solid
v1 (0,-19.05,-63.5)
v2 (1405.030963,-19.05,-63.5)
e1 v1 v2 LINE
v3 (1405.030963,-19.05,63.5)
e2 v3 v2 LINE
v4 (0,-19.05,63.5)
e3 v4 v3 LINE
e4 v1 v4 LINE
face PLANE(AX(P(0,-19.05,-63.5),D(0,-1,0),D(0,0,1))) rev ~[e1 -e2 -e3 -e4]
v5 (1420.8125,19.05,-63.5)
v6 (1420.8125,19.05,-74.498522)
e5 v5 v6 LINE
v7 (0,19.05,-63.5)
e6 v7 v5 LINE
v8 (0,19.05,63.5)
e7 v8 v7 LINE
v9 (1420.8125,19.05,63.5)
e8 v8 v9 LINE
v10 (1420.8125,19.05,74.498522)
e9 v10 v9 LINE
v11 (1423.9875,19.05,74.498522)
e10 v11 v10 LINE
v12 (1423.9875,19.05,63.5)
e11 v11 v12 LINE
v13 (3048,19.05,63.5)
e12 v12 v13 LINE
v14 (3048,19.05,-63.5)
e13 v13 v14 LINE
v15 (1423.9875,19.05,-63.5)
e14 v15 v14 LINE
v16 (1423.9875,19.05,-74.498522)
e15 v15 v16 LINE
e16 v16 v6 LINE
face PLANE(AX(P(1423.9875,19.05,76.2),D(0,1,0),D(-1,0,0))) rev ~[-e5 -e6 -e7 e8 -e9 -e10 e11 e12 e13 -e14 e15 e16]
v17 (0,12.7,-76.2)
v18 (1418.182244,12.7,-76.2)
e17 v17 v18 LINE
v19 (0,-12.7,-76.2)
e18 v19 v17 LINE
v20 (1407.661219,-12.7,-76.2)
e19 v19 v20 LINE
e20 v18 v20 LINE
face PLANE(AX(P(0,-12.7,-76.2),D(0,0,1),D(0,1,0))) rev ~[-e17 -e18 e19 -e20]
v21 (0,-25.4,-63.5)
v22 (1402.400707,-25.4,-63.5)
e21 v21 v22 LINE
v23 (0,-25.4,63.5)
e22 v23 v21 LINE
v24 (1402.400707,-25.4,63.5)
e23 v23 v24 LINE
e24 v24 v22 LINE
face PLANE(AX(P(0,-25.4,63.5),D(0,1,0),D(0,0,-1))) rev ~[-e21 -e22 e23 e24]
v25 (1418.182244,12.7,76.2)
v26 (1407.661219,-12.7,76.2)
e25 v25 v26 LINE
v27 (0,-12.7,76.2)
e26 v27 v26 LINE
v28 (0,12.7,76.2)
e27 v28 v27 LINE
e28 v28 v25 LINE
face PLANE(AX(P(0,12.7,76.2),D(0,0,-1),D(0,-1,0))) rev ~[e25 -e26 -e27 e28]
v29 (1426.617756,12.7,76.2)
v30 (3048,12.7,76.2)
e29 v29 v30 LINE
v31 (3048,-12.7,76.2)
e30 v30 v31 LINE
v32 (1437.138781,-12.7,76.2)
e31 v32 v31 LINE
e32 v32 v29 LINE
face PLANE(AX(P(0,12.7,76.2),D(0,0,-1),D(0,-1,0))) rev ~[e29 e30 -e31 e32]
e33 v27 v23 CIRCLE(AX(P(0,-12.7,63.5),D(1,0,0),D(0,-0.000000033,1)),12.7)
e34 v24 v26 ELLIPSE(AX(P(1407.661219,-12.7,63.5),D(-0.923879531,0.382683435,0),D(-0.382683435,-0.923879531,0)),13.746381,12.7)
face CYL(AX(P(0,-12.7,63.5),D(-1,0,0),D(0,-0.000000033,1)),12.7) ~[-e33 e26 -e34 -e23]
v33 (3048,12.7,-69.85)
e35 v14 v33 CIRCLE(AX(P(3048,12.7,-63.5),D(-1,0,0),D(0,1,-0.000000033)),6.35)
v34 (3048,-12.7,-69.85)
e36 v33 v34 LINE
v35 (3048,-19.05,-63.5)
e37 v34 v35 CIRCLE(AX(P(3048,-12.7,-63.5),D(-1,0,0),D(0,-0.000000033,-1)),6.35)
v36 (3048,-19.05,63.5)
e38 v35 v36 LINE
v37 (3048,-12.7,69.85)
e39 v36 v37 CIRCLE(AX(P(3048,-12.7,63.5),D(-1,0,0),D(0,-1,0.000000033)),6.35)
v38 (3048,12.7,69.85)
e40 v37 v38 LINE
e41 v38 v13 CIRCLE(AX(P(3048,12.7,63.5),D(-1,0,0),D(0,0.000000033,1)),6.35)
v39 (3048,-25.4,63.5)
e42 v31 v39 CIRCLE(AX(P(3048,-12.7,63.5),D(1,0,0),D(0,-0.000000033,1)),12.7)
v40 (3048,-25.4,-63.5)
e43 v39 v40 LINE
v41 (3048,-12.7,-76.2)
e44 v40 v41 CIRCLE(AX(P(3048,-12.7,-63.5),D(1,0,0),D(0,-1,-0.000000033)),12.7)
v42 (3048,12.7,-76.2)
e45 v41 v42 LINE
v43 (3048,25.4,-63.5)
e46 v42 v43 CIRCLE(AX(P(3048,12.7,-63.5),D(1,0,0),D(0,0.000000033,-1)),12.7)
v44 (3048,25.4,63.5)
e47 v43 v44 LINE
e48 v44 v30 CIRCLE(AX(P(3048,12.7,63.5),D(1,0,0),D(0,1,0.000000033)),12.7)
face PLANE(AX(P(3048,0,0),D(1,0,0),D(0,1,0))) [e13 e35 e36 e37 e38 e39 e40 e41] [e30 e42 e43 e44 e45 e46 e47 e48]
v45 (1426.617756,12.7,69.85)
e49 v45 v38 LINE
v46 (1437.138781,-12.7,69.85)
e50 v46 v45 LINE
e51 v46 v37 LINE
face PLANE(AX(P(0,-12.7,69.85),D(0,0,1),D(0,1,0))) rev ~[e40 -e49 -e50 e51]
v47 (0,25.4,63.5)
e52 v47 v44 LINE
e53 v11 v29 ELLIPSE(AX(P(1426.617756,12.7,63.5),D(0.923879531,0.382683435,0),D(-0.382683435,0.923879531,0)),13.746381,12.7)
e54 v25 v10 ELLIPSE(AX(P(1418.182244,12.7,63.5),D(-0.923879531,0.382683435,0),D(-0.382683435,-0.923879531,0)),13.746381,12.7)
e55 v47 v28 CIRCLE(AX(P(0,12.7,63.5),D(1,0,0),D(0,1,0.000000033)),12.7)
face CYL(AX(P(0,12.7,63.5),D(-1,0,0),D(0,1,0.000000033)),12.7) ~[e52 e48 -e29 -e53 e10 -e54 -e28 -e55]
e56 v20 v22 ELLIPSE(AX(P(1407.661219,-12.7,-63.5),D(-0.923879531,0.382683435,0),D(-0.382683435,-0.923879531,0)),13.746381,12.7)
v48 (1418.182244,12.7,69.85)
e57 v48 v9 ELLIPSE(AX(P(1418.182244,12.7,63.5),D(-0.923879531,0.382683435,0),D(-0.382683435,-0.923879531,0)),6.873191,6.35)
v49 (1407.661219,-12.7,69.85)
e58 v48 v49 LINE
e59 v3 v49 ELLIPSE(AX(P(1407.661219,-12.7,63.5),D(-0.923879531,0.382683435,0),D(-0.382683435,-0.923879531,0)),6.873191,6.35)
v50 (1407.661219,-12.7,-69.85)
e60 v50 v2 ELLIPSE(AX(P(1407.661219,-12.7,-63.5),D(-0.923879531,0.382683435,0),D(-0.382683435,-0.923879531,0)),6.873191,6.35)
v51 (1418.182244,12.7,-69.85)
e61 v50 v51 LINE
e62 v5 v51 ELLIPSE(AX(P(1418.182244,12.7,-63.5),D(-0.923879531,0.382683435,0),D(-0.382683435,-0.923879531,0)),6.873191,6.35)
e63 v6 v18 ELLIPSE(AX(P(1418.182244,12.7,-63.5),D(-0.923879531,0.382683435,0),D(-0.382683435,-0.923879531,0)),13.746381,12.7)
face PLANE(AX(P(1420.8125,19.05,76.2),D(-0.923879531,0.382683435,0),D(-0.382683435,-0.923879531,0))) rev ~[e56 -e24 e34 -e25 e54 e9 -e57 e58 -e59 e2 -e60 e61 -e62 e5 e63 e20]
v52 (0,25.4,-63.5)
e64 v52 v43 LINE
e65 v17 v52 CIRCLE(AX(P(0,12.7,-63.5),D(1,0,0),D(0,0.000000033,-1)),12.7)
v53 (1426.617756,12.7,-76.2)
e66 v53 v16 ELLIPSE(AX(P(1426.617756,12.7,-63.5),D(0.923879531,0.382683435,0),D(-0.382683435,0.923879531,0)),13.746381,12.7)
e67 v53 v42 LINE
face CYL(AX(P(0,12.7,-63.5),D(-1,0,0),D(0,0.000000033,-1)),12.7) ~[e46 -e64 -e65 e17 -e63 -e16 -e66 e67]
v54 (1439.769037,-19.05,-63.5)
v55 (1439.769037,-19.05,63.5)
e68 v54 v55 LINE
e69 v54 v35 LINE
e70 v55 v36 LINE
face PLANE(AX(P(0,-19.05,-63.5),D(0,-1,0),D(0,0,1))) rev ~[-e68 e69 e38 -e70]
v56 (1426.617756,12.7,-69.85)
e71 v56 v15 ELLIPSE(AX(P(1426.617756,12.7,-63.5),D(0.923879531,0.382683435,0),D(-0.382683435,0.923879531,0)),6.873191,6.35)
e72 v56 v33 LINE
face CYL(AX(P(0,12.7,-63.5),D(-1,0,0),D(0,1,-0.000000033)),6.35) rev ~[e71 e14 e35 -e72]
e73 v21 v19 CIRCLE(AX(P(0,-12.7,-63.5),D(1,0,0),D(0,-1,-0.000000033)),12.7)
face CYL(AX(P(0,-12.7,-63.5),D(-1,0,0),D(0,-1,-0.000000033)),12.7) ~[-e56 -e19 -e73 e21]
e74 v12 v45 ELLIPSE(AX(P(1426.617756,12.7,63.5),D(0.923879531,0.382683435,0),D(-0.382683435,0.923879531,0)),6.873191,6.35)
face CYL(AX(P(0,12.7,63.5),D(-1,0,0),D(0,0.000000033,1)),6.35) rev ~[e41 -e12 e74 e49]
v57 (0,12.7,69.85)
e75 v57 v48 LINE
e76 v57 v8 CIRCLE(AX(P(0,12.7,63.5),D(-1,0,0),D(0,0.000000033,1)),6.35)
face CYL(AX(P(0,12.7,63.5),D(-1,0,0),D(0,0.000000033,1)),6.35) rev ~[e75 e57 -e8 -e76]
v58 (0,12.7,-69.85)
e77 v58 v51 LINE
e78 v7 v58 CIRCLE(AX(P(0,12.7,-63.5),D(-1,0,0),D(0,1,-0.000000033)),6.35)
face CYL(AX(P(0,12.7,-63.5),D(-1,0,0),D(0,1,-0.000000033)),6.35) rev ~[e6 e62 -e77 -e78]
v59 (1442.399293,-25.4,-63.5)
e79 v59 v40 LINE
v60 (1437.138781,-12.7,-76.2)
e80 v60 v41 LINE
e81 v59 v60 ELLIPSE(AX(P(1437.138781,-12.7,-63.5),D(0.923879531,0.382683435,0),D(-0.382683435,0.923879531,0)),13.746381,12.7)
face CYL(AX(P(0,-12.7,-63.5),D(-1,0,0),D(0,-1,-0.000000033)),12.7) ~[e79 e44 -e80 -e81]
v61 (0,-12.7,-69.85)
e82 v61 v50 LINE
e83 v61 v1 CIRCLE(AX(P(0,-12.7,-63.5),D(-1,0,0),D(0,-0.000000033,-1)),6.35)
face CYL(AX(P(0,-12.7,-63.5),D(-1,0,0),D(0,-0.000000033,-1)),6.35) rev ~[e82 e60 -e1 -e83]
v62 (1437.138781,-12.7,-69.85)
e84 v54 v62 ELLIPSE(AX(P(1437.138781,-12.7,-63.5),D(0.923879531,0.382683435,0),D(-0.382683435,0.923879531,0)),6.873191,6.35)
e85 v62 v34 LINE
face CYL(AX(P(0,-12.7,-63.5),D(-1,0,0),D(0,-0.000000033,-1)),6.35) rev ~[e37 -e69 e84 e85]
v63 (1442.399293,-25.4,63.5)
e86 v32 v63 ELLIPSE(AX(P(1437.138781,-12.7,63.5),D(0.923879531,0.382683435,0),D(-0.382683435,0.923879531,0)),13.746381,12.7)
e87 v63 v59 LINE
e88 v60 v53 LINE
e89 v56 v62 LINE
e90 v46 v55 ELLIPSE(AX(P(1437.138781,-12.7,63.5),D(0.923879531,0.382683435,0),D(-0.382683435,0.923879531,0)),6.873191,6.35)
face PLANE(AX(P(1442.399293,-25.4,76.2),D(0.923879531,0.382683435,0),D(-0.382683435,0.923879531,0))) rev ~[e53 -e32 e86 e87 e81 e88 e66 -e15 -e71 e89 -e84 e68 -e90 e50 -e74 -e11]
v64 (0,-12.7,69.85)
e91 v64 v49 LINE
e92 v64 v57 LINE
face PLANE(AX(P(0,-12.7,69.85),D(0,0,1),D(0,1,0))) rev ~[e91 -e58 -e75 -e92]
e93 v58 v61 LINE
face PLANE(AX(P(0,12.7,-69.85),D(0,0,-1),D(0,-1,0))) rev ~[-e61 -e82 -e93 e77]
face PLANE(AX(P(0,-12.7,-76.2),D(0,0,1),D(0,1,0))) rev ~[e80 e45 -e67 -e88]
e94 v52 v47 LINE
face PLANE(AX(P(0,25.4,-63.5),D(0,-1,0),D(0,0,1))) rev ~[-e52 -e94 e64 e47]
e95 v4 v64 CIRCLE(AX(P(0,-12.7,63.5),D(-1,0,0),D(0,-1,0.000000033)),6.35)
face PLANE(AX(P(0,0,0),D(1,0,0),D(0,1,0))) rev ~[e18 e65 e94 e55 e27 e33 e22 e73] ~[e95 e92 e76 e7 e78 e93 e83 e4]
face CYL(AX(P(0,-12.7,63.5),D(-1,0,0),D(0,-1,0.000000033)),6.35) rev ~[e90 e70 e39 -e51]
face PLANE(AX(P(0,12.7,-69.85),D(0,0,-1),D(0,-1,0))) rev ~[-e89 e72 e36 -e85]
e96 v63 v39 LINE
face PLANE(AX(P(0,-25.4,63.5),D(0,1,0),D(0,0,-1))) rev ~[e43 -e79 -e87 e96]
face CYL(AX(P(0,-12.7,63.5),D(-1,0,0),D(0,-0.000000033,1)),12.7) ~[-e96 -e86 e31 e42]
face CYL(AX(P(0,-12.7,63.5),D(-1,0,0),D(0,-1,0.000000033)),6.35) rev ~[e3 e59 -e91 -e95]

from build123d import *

# Parameters (mm, degrees)
F1_DEPTH = 3048
F3_DEPTH = 152.401


with BuildPart() as f1:
    # F0 (on Right) → F1 (new body)
    with BuildSketch(Plane.YZ):
        with BuildLine():
            ThreePointArc((25.4, 63.5), (21.680256, 72.480256), (12.7, 76.2))
            Line((12.7, 76.2), (-12.7, 76.2))
            ThreePointArc((-12.7, 76.2), (-21.680256, 72.480256), (-25.4, 63.5))
            Line((-25.4, 63.5), (-25.4, -63.5))
            ThreePointArc((-25.4, -63.5), (-21.680256, -72.480256), (-12.7, -76.2))
            Line((-12.7, -76.2), (12.7, -76.2))
            ThreePointArc((12.7, -76.2), (21.680256, -72.480256), (25.4, -63.5))
            Line((25.4, -63.5), (25.4, 63.5))
        make_face()
        with BuildLine():
            Line((-19.05, -63.5), (-19.05, 63.5))
            ThreePointArc((-19.05, 63.5), (-17.190128, 67.990128), (-12.7, 69.85))
            Line((-12.7, 69.85), (12.7, 69.85))
            ThreePointArc((12.7, 69.85), (17.190128, 67.990128), (19.05, 63.5))
            Line((19.05, 63.5), (19.05, -63.5))
            ThreePointArc((19.05, -63.5), (17.190128, -67.990128), (12.7, -69.85))
            Line((12.7, -69.85), (-12.7, -69.85))
            ThreePointArc((-12.7, -69.85), (-17.190128, -67.990128), (-19.05, -63.5))
        make_face(mode=Mode.SUBTRACT)
    extrude(amount=F1_DEPTH)

    # F2 (on face) → F3 (cut, through all)
    with BuildSketch(Plane.XY.offset(76.2)):
        Polygon((1423.9875, 19.05), (1420.8125, 19.05), (1402.400707, -25.4), (1442.399293, -25.4), align=None)
    extrude(amount=-F3_DEPTH, mode=Mode.SUBTRACT)


solid = f1.part
